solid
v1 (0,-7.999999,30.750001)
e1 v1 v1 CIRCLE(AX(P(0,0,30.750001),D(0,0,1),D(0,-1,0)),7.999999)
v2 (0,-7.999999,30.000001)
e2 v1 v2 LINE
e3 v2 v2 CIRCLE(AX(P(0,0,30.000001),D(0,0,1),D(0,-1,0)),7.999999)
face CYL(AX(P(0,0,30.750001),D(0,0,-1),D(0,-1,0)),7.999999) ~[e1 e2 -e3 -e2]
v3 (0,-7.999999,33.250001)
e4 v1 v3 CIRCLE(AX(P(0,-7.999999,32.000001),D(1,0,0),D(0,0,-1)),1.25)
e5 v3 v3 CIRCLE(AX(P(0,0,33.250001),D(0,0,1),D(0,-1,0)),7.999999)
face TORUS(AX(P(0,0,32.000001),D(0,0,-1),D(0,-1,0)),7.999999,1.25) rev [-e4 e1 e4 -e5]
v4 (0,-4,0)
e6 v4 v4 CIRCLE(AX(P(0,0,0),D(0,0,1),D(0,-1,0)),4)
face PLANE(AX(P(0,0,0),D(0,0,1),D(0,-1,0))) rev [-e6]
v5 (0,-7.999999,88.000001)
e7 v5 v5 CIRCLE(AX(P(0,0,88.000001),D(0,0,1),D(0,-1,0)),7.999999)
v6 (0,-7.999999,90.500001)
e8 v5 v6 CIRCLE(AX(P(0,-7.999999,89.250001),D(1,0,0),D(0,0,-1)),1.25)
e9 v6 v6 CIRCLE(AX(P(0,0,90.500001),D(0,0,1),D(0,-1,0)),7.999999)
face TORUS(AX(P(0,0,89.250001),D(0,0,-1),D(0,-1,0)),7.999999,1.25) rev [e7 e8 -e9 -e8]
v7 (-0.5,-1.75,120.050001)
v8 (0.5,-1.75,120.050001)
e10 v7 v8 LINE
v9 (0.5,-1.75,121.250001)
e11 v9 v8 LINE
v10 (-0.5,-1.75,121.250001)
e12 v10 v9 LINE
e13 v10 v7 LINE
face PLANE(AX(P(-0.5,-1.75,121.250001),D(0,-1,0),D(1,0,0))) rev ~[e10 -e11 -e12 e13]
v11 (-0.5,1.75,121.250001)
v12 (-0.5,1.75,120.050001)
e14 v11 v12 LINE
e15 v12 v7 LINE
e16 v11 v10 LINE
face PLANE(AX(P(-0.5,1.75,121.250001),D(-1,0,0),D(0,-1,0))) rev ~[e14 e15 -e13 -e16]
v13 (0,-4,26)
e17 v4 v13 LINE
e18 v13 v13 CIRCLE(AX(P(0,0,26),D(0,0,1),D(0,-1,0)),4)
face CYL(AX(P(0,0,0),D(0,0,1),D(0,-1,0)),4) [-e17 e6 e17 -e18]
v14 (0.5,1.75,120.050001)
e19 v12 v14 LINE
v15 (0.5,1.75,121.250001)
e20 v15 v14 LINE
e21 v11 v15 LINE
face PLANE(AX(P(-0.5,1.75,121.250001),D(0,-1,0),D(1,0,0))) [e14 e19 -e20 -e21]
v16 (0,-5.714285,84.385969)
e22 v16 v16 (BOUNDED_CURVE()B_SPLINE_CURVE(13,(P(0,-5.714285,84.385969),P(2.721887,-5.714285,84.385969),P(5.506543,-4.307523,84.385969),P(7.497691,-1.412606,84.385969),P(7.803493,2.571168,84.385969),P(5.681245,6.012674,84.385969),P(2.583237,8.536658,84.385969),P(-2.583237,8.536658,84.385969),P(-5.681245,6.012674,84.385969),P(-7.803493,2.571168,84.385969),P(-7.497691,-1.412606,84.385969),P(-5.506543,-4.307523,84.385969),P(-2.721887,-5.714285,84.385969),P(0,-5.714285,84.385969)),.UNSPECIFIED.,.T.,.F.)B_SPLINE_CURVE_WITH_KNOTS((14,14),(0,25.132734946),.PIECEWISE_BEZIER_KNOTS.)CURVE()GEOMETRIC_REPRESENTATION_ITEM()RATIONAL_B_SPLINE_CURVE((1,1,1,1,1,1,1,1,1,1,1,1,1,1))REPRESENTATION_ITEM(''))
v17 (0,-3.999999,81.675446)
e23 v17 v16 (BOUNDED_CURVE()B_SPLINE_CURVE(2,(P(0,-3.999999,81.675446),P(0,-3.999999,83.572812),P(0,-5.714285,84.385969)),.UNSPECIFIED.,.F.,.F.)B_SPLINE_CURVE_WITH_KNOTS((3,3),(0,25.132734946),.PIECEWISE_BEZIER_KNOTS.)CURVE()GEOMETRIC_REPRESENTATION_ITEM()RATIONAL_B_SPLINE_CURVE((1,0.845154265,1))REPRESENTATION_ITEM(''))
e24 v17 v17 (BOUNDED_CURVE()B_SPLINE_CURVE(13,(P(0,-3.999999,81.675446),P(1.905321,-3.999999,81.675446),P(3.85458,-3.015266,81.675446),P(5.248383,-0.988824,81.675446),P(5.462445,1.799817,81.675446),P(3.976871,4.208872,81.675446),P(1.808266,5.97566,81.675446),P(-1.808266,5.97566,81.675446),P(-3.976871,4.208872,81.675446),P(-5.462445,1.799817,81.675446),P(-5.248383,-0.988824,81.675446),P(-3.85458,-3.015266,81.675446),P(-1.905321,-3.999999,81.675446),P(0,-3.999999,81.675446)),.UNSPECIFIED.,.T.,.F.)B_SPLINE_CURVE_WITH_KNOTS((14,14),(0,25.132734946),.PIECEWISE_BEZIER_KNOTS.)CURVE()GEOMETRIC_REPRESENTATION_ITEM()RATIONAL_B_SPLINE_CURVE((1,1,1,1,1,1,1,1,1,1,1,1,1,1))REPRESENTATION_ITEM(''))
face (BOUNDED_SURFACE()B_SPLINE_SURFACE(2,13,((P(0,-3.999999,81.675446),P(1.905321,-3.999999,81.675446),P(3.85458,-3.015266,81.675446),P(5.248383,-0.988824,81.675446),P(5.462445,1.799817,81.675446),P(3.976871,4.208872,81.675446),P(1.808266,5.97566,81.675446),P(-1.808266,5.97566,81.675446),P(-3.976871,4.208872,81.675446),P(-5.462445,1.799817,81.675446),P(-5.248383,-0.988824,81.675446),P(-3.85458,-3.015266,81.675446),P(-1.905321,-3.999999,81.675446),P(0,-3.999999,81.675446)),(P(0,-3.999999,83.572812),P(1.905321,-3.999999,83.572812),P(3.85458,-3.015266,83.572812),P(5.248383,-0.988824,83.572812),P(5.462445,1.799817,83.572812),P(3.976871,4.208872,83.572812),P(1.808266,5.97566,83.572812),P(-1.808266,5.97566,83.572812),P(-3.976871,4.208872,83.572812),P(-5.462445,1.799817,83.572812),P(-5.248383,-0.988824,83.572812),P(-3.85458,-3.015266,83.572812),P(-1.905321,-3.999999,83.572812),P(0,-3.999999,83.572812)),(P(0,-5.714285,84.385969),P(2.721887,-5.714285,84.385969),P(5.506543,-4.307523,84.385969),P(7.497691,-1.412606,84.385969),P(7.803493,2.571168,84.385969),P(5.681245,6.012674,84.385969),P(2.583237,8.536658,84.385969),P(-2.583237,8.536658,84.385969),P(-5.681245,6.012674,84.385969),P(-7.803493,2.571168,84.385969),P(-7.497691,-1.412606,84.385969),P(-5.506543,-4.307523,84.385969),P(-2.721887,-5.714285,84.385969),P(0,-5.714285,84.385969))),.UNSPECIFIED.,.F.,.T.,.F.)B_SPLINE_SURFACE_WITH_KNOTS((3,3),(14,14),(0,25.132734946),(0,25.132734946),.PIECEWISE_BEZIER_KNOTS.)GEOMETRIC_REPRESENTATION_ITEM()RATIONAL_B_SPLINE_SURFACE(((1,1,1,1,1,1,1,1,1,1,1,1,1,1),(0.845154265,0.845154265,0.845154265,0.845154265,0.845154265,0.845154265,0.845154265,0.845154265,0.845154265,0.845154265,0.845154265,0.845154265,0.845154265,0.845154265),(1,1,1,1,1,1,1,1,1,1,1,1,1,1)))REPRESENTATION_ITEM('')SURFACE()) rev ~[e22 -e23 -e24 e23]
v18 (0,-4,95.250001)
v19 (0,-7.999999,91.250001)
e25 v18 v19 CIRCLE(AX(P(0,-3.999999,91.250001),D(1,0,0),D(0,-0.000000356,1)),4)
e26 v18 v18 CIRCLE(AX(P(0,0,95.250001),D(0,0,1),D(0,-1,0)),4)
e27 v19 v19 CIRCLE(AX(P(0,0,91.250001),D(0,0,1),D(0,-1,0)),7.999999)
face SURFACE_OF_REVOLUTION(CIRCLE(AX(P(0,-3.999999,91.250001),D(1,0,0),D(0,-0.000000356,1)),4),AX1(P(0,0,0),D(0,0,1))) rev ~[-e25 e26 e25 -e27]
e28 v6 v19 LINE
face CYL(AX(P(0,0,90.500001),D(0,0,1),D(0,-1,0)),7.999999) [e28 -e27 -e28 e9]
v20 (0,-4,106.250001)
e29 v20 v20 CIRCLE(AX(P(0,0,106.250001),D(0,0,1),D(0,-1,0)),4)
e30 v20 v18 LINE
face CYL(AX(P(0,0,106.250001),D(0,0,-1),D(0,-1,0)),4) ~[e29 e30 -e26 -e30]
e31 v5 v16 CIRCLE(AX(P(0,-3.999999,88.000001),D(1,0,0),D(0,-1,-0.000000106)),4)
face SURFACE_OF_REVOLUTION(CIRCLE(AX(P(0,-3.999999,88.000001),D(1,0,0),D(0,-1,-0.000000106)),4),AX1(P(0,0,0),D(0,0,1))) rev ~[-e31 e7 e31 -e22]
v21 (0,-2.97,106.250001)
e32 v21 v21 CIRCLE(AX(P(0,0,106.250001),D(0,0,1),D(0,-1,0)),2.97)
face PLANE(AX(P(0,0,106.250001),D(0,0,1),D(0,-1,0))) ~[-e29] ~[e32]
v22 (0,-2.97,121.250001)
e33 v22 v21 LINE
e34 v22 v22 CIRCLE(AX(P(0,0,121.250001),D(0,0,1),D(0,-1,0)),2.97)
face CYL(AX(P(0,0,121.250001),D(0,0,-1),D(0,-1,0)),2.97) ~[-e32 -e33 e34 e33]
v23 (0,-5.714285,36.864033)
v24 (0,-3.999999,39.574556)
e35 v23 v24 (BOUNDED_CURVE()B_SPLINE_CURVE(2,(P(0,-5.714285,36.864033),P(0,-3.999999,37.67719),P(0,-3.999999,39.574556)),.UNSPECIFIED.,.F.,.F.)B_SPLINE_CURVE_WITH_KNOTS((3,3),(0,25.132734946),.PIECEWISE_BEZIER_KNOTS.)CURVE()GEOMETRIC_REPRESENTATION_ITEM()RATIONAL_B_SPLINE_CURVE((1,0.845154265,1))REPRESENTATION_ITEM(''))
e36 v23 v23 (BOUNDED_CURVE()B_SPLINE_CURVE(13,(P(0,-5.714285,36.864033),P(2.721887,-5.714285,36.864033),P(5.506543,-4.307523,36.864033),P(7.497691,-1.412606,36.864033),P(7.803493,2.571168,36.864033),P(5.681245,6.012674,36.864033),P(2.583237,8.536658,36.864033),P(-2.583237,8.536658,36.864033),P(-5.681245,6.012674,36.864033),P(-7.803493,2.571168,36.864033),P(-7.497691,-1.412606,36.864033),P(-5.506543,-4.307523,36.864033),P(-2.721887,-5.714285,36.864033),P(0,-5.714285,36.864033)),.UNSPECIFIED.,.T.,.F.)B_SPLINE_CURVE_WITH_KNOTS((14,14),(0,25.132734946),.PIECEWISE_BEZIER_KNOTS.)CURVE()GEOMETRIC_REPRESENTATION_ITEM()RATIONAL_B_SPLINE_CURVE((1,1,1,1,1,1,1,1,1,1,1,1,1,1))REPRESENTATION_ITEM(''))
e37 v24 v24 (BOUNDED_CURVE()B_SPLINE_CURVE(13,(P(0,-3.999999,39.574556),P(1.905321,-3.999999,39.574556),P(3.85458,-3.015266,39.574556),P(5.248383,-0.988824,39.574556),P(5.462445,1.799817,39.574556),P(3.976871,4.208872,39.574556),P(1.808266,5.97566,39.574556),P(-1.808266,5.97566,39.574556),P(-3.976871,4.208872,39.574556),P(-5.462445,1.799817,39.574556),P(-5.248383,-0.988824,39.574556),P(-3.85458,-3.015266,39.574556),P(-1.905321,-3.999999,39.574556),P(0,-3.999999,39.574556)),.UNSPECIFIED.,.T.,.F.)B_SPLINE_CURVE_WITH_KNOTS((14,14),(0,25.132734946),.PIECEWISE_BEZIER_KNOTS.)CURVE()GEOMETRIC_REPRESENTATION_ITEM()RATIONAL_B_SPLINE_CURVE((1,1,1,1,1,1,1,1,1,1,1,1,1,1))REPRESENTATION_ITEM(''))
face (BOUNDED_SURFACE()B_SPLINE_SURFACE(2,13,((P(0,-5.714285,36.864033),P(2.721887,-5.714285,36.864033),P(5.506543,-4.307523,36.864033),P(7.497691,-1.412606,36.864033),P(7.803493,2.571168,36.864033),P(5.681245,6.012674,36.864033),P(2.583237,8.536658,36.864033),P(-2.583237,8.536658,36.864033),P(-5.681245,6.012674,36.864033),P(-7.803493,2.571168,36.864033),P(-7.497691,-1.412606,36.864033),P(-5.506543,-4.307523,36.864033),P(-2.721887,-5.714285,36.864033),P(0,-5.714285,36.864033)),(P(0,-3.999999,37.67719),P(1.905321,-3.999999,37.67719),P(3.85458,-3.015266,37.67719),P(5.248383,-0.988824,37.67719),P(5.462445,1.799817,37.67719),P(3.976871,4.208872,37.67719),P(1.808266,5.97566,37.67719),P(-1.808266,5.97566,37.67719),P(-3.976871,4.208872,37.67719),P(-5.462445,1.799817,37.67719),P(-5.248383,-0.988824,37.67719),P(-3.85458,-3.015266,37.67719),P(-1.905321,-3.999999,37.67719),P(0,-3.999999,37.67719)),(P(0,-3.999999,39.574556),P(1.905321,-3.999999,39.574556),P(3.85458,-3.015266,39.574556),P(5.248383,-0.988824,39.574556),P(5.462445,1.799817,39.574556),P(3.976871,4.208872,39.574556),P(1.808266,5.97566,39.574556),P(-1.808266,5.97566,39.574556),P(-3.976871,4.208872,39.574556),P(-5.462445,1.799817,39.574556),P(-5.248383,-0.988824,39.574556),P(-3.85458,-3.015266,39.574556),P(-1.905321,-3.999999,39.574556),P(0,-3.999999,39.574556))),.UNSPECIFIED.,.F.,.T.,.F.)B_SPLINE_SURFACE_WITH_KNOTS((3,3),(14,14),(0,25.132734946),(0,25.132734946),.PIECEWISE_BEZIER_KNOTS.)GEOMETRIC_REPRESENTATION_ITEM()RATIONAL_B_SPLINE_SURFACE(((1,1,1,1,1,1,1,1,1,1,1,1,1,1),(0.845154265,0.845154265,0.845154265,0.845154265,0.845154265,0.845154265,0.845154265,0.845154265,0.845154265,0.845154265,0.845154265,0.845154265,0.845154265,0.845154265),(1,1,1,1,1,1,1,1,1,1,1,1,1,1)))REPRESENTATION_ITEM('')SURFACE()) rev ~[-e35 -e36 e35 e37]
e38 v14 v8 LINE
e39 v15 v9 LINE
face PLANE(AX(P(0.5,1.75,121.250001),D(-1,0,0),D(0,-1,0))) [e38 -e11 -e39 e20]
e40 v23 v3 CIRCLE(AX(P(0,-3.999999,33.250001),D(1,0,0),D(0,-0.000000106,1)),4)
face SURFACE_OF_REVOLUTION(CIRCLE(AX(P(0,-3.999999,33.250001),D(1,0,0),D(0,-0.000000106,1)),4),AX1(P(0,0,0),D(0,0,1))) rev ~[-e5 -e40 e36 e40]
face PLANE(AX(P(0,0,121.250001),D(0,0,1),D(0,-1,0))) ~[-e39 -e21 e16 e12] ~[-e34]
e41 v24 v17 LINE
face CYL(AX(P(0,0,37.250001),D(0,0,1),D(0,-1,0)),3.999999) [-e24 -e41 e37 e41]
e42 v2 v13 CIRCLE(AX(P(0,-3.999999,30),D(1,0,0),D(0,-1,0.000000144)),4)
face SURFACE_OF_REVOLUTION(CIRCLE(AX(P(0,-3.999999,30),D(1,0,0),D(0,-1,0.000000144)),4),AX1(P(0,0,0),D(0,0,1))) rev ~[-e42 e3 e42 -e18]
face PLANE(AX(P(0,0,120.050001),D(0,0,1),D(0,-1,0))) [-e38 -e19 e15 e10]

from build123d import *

# Parameters (mm, degrees)
FILLET_R     = 3
SKETCH001_W  = 3.5
SKETCH001_H  = 1
POCKET_DEPTH = 1.2


with BuildPart() as part:
    # Sketch → Revolution (revolve)
    with BuildSketch(Plane.YZ):
        with BuildLine():
            Line((0, 0), (-4, 0))
            Line((-4, 0), (-4, 26))
            ThreePointArc((-7.999999, 30.000001), (-6.828427, 27.171574), (-4, 26))
            Line((-7.999999, 30.750001), (-7.999999, 30.000001))
            ThreePointArc((-7.999999, 30.750001), (-6.749999, 32.000001), (-7.999999, 33.250001))
            ThreePointArc((-3.999999, 37.250001), (-6.828426, 36.078428), (-7.999999, 33.250001))
            Line((-3.999999, 37.250001), (-3.999999, 84.000001))
            ThreePointArc((-7.999999, 88.000001), (-6.828426, 85.171574), (-3.999999, 84.000001))
            ThreePointArc((-7.999999, 88.000001), (-6.749999, 89.250001), (-7.999999, 90.500001))
            Line((-7.999999, 90.500001), (-7.999999, 91.250001))
            ThreePointArc((-4, 95.250001), (-6.828426, 94.078428), (-7.999999, 91.250001))
            Line((-4, 106.250001), (-4, 95.250001))
            Line((-2.97, 106.250001), (-4, 106.250001))
            Line((-2.97, 121.250001), (-2.97, 106.250001))
            Line((0, 121.250001), (-2.97, 121.250001))
            Line((0, 106.250001), (0, 121.250001))
            Line((0, 0), (0, 106.250001))
        make_face()
    revolve(axis=Axis((0, 0, 0), (0, 0, 1)))

    # Fillet
    fillet_edges = [part.edges().sort_by_distance(p)[0] for p in [
        (0, 3.999999, 37.250001),
        (0, 3.999999, 84.000001),
        (0, -3.999999, 60.625001),
    ]]
    fillet(fillet_edges, radius=FILLET_R)

    # Sketch001 (on Face17 of Fillet) → Pocket (cut)
    with BuildSketch(Plane(origin=(0, 0, 121.250001), x_dir=(0, -1, 0), z_dir=(0, 0, 1))):
        Rectangle(SKETCH001_W, SKETCH001_H)
    extrude(amount=-POCKET_DEPTH, mode=Mode.SUBTRACT)


solid = part.part
